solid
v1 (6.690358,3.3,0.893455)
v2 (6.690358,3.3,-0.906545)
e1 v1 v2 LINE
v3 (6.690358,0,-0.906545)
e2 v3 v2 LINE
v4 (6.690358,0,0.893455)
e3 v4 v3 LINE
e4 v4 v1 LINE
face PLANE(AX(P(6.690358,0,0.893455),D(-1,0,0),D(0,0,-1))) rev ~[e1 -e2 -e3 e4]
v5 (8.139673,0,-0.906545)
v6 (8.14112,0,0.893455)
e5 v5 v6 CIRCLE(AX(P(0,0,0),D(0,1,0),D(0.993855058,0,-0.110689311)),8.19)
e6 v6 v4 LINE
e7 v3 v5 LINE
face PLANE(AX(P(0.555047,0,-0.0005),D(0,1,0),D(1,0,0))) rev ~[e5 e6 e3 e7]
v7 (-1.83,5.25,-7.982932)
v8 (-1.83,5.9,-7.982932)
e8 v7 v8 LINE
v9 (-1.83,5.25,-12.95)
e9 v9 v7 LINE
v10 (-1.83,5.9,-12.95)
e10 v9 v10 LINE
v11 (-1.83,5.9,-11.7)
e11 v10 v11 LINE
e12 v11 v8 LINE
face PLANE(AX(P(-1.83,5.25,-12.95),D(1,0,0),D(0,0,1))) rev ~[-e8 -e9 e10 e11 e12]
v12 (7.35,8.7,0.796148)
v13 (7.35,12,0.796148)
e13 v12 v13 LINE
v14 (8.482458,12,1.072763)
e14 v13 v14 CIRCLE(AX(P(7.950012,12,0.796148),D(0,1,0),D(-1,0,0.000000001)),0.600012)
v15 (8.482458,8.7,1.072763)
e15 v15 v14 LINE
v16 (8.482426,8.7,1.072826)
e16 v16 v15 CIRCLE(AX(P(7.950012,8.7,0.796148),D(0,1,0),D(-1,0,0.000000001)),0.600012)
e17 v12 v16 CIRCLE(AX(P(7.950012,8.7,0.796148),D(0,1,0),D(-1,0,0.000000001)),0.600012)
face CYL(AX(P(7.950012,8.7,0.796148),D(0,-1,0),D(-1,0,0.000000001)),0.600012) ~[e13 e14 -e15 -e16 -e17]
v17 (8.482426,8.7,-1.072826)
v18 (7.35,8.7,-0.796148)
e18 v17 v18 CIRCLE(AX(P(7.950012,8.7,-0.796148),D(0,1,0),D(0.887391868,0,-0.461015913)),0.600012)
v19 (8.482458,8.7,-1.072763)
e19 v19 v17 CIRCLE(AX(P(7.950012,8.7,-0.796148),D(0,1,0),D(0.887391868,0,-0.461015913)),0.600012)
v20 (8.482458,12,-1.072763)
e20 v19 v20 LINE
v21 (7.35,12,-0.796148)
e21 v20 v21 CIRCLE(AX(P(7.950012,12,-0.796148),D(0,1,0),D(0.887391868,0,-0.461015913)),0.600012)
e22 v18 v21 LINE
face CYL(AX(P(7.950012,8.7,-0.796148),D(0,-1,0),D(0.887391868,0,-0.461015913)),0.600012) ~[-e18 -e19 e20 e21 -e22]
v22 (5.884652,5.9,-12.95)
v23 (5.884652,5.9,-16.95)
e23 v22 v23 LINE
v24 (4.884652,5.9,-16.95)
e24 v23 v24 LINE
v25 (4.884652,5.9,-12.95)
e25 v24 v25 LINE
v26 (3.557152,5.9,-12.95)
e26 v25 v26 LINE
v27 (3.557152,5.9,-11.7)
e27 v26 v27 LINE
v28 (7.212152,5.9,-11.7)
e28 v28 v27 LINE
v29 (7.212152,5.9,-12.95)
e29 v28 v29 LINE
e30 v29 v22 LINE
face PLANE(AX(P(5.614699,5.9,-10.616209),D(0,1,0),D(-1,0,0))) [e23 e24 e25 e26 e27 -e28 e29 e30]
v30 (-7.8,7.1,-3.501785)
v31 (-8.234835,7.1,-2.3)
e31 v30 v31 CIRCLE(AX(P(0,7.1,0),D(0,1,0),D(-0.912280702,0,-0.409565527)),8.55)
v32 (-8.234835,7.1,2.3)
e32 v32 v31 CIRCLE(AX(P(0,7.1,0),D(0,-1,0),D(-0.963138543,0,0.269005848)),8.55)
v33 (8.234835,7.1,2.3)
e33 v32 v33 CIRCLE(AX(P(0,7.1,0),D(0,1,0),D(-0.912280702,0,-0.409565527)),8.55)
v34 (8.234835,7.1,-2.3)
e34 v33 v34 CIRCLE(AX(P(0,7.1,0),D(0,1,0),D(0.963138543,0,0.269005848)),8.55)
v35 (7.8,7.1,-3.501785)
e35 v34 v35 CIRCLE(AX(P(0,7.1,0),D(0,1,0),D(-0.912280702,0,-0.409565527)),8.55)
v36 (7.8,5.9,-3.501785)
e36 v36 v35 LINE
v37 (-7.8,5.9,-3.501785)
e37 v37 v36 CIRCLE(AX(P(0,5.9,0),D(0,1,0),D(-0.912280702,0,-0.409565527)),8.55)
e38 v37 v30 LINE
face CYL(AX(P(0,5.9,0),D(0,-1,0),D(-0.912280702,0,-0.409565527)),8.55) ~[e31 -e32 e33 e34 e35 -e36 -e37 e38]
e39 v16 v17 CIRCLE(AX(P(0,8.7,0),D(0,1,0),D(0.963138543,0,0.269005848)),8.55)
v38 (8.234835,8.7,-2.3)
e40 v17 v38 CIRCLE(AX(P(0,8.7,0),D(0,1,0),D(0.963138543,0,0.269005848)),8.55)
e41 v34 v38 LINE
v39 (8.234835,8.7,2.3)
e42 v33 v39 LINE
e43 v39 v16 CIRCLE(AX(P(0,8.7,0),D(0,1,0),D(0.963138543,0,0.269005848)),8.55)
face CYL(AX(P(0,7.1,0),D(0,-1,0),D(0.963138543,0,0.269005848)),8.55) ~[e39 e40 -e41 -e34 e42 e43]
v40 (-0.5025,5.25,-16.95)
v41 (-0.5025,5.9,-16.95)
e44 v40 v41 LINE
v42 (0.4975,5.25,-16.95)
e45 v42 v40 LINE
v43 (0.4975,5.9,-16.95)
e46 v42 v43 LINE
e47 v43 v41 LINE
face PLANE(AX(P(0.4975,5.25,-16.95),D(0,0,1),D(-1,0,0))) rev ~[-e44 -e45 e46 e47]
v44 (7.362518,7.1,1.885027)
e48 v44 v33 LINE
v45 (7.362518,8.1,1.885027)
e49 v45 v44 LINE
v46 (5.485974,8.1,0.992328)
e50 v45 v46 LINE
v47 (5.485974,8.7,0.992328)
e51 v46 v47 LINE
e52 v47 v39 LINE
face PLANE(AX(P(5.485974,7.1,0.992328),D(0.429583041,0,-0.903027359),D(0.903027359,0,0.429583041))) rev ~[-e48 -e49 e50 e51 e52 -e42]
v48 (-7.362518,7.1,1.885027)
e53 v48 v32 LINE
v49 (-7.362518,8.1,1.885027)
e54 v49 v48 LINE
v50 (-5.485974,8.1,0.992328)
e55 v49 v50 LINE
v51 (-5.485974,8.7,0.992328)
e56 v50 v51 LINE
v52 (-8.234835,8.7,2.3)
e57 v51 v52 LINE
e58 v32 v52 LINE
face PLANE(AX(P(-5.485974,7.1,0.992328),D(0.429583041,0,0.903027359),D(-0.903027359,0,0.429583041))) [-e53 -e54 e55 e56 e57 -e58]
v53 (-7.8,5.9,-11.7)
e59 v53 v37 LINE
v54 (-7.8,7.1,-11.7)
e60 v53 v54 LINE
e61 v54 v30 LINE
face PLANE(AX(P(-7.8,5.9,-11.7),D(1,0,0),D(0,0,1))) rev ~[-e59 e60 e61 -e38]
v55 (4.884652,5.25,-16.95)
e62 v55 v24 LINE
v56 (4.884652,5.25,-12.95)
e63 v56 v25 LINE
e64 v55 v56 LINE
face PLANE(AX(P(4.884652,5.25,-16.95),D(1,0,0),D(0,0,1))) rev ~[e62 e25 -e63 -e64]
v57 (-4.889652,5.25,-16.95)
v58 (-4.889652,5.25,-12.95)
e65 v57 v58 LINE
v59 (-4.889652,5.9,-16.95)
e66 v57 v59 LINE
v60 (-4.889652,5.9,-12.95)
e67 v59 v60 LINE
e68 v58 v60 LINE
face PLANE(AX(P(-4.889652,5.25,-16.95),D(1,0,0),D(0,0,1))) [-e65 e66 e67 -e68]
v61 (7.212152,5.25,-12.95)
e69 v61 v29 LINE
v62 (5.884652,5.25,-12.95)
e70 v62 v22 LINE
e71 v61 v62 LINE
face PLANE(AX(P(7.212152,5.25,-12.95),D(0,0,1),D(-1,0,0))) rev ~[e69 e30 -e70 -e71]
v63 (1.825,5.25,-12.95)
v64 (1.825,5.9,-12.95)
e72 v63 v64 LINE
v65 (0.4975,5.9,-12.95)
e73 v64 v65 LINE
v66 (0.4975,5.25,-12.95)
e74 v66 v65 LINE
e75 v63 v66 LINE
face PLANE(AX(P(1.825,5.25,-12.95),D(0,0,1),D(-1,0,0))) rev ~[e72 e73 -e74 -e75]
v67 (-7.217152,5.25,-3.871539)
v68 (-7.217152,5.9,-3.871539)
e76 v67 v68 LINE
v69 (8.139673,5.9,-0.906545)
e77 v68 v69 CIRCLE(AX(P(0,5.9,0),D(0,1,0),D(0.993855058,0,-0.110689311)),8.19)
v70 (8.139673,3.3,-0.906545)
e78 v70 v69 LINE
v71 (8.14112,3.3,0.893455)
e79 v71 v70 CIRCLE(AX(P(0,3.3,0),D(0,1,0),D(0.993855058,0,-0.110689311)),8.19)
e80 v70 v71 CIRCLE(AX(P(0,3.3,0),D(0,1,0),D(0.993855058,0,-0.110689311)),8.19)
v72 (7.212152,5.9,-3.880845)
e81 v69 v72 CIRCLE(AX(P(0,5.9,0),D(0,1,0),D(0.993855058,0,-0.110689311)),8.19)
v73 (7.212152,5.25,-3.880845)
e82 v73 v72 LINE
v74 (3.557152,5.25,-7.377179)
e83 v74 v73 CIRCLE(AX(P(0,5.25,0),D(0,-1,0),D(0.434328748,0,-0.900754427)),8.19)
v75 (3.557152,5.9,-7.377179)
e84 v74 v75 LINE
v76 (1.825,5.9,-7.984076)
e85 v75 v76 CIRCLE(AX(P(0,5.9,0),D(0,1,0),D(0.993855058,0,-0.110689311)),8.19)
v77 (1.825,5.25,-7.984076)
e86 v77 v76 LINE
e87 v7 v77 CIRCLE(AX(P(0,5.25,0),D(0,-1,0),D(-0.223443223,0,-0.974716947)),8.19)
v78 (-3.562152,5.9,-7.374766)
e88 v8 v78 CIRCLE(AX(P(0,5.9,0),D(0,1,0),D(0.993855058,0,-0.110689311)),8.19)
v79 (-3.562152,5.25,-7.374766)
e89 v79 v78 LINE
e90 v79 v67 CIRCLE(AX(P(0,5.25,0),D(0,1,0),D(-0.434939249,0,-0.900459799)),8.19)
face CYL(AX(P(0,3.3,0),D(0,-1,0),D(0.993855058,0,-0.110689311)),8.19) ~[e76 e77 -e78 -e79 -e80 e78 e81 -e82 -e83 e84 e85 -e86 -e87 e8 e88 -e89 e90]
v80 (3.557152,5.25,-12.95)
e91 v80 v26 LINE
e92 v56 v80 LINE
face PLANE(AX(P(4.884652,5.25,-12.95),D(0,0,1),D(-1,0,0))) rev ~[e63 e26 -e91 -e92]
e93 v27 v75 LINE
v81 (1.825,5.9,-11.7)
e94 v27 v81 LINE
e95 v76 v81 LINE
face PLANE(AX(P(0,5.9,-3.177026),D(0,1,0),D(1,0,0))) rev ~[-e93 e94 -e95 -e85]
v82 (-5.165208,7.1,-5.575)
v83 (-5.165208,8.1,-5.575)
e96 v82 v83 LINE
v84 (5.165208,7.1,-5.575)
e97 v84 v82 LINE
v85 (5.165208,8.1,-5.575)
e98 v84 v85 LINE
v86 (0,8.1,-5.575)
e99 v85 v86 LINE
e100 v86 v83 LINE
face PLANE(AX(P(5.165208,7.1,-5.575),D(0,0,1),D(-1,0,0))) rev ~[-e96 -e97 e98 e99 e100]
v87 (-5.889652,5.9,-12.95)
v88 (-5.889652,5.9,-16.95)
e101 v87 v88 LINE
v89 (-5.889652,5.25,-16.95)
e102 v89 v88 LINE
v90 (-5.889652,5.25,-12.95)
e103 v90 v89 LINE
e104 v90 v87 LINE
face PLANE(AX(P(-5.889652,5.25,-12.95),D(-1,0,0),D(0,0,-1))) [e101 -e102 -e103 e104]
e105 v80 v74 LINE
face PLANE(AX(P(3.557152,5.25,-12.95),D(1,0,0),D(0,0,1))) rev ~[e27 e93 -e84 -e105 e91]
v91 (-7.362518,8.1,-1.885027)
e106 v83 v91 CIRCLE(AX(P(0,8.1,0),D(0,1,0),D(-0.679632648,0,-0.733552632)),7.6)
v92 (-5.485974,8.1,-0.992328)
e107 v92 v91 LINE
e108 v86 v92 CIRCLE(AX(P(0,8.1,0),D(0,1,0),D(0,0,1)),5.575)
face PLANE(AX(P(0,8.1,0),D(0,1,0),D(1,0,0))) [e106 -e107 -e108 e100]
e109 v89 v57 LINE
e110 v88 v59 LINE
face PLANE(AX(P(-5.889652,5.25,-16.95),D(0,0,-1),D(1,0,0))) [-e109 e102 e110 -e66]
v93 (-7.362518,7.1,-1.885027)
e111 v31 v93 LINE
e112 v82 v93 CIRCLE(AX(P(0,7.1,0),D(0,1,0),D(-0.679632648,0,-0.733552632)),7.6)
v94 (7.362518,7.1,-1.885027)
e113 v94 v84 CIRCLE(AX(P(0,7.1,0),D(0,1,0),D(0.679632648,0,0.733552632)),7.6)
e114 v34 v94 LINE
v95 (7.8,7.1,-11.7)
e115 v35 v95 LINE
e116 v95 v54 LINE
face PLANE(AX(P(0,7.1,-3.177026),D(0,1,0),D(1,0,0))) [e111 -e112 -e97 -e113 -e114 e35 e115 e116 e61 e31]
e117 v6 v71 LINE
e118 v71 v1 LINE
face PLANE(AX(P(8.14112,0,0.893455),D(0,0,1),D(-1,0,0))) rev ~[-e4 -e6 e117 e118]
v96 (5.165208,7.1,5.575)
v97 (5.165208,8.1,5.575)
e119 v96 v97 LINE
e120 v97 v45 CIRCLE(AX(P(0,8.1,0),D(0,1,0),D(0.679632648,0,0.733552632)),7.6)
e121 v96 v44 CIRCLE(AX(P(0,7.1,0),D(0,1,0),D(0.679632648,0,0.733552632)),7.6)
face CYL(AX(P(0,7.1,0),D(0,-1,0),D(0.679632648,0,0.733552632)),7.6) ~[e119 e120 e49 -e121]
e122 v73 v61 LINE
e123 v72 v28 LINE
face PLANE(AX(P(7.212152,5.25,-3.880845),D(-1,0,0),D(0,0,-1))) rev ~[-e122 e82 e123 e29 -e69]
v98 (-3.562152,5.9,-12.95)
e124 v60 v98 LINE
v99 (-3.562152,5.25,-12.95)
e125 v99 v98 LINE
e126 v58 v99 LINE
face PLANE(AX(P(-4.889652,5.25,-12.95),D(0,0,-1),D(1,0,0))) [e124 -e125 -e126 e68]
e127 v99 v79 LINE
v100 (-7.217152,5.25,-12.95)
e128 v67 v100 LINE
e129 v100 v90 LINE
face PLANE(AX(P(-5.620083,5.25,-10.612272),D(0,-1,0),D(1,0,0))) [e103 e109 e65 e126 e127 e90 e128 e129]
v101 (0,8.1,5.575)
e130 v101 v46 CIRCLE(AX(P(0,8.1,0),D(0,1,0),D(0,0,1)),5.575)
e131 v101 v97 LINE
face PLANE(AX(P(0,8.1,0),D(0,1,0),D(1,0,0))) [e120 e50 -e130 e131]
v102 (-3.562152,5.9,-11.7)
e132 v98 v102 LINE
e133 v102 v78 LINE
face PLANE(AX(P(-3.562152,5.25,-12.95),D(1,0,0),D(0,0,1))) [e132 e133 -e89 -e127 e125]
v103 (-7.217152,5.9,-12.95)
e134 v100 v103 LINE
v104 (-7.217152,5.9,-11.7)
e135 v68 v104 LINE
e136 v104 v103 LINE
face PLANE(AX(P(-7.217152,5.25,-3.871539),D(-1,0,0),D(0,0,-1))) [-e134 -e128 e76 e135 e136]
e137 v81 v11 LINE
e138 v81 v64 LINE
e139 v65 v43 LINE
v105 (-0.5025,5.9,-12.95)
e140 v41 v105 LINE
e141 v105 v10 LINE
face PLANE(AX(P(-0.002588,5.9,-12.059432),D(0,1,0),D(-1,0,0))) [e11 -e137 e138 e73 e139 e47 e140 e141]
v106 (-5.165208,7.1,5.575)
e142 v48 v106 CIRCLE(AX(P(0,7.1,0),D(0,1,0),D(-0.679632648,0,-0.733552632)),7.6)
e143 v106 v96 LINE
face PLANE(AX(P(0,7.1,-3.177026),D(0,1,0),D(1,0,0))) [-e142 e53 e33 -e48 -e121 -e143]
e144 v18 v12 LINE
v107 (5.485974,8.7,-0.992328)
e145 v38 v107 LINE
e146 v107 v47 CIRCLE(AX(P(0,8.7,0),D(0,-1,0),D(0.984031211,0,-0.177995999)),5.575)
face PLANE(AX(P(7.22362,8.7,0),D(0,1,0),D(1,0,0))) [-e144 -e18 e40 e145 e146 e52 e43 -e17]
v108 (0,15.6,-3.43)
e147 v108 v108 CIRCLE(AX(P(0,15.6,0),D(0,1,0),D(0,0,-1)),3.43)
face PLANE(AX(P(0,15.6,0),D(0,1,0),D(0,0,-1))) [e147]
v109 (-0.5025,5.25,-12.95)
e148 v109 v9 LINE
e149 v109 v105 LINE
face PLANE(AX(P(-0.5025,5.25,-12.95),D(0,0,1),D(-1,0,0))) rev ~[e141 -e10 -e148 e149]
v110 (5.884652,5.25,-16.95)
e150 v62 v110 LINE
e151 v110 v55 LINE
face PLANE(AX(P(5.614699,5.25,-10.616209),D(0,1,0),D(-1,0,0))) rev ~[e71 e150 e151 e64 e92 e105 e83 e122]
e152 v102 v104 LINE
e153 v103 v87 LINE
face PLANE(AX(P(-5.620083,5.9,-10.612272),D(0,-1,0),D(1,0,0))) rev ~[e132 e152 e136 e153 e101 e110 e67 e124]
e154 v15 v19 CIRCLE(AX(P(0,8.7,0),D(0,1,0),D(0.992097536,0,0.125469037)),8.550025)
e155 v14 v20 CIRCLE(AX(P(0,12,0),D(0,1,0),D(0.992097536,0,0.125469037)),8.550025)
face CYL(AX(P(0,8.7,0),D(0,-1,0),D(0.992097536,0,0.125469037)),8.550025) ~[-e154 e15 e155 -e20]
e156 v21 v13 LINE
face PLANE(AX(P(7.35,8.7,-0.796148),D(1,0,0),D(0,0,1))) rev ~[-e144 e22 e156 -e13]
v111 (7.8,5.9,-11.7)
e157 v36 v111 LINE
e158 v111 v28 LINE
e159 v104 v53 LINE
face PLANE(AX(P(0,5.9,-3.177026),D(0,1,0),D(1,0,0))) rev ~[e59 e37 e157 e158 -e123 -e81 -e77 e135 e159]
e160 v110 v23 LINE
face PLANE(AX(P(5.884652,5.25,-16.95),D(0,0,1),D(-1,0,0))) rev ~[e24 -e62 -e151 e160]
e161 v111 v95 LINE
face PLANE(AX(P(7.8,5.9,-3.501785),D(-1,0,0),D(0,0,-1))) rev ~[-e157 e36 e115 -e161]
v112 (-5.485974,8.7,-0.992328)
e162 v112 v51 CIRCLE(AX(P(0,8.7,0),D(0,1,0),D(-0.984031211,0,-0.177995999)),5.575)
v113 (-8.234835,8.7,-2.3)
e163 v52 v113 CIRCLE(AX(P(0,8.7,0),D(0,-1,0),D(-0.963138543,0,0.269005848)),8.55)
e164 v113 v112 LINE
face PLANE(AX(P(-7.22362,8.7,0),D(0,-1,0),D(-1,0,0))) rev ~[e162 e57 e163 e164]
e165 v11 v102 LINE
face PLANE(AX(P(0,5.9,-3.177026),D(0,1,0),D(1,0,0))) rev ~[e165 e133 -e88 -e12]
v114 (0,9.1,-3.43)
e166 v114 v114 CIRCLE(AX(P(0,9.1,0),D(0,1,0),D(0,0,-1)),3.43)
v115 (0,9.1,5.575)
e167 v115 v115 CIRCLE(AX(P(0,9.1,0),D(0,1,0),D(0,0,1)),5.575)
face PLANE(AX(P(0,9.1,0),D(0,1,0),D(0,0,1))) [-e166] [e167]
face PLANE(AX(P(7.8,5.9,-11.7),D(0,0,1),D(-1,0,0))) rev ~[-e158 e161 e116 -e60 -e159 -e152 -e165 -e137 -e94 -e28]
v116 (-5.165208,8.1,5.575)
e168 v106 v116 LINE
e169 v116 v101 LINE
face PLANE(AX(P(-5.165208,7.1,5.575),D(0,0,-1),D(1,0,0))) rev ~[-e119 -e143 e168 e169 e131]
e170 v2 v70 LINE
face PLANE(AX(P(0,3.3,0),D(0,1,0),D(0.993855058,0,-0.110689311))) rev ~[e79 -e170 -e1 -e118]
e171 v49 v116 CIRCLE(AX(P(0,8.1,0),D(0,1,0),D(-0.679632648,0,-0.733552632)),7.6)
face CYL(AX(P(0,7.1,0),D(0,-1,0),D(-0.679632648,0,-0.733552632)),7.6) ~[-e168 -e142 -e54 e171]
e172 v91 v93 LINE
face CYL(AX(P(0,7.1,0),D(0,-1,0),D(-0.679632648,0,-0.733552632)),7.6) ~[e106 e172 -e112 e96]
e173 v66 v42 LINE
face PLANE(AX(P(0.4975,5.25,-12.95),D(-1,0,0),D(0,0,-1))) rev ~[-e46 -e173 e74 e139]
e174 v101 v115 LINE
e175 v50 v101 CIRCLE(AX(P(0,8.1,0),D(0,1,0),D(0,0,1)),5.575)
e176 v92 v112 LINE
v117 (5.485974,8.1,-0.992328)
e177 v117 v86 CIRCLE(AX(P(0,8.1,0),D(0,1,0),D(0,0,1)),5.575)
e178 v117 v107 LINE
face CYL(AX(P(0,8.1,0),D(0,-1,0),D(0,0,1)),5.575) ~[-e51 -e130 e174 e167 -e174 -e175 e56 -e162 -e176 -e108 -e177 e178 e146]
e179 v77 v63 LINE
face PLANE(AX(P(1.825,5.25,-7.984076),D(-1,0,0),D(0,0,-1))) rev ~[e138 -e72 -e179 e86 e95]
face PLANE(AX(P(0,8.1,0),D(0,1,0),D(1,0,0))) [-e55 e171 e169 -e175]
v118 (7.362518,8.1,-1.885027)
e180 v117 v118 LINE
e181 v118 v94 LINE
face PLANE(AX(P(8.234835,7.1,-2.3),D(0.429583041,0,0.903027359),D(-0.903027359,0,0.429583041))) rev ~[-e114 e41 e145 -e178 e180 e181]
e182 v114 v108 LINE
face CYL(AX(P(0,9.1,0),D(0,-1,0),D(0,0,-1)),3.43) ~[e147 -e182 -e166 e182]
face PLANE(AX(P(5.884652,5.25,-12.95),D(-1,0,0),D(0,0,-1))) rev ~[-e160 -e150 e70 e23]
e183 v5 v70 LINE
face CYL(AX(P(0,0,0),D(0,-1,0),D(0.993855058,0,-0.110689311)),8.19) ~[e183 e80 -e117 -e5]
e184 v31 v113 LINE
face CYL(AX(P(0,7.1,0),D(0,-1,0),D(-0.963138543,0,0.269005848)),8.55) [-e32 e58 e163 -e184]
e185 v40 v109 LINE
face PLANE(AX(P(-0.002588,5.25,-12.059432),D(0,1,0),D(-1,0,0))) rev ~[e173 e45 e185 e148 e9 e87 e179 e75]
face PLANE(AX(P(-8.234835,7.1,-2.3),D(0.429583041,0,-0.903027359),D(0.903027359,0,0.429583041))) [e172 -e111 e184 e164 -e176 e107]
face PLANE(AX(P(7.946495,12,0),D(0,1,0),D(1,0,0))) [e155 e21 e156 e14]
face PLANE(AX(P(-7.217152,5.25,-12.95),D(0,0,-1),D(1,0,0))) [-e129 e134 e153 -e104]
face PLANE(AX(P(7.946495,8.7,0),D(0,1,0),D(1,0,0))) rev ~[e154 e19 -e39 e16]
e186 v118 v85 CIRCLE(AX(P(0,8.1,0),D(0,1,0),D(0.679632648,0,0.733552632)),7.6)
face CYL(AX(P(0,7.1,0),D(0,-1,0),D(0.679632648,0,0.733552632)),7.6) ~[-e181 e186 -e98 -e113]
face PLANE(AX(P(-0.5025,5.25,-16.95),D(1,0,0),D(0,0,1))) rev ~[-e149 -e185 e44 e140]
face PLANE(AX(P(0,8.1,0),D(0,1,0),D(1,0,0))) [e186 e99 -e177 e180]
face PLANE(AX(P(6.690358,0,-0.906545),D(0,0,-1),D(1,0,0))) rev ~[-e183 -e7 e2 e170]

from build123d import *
from build123d.topology import SkipClean

# Parameters (mm, degrees)
BOSS_EXTRUDE1_DEPTH = 3.3
SKETCH2_R           = 8.19
BOSS_EXTRUDE2_DEPTH = 2.6
BOSS_EXTRUDE3_DEPTH = 1.2
BOSS_EXTRUDE4_DEPTH = 1
SKETCH7_R           = 5.575
BOSS_EXTRUDE5_DEPTH = 1
BOSS_EXTRUDE6_DEPTH = 1.6
BOSS_EXTRUDE7_DEPTH = 3.3
SKETCH9_R           = 3.43
BOSS_EXTRUDE8_DEPTH = 6.5
BOSS_EXTRUDE9_START = 0.65
BOSS_EXTRUDE9_DEPTH = 0.65


with BuildPart() as part:
    # Sketch1 → Boss-Extrude1 (new body)
    with BuildSketch(Plane(origin=(0, 0, 0), x_dir=(1, 0, 0), z_dir=(0, 1, 0))):
        with BuildLine():
            Line((8.141120253, -0.893454545), (6.690358093, -0.893454545))
            Line((6.690358093, -0.893454545), (6.690358093, 0.906545455))
            Line((6.690358093, 0.906545455), (8.139672926, 0.906545455))
            ThreePointArc((8.139672926, 0.906545455), (-8.189997352, -0.006585337), (8.141120253, -0.893454545))
        make_face()
    extrude(amount=BOSS_EXTRUDE1_DEPTH)

    # Sketch2 → Boss-Extrude2 (add)
    with BuildSketch(Plane(origin=(0, 3.3, 0), x_dir=(1, 0, 0), z_dir=(0, 1, 0))):
        with Locations(Location((0, 0, 0), (0, 0, 6.355052824))):
            Circle(SKETCH2_R)
    extrude(amount=BOSS_EXTRUDE2_DEPTH)

    # Sketch3 → Boss-Extrude3 (add)
    with BuildSketch(Plane(origin=(0, 5.9, 0), x_dir=(1, 0, 0), z_dir=(0, 1, 0))):
        with BuildLine():
            Line((7.8, 11.7), (-7.8, 11.7))
            Line((-7.8, 11.7), (-7.8, 3.501785259))
            ThreePointArc((-7.8, 3.501785259), (0, -8.55), (7.8, 3.501785259))
            Line((7.8, 3.501785259), (7.8, 11.7))
        make_face()
    extrude(amount=BOSS_EXTRUDE3_DEPTH)

    # Sketch4 → Boss-Extrude4 (add)
    with BuildSketch(Plane(origin=(0, 7.1, 0), x_dir=(1, 0, 0), z_dir=(0, 1, 0))):
        with BuildLine():
            Line((5.165208127, 5.575), (-5.165208127, 5.575))
            ThreePointArc((-5.165208127, 5.575), (-7.6, 0), (-5.165208127, -5.575))
            Line((-5.165208127, -5.575), (5.165208127, -5.575))
            ThreePointArc((5.165208127, -5.575), (7.6, 0), (5.165208127, 5.575))
        make_face()
    extrude(amount=BOSS_EXTRUDE4_DEPTH)

    # Sketch7 → Boss-Extrude5 (add)
    with BuildSketch(Plane(origin=(0, 8.1, 0), x_dir=(1, 0, 0), z_dir=(0, 1, 0))):
        with Locations(Location((0, 0, 0), (0, 0, 270))):
            Circle(SKETCH7_R)
    extrude(amount=BOSS_EXTRUDE5_DEPTH)

    # Sketch6 → Boss-Extrude6 (add)
    with SkipClean():  # the faces are left unmerged after this step: merging them gives an invalid solid
        with BuildSketch(Plane(origin=(0, 7.1, 0), x_dir=(1, 0, 0), z_dir=(0, 1, 0))):
            with BuildLine():
                Line((8.234834546, 2.3), (5.485974002, 0.992327692))
                ThreePointArc((5.485974002, 0.992327692), (5.575, 0), (5.485974002, -0.992327692))
                Line((5.485974002, -0.992327692), (8.234834546, -2.3))
                ThreePointArc((8.234834546, -2.3), (8.55, 0), (8.234834546, 2.3))
            make_face()
            with BuildLine():
                Line((-5.485974002, -0.992327692), (-8.234834546, -2.3))
                ThreePointArc((-8.234834546, -2.3), (-8.55, 0), (-8.234834546, 2.3))
                Line((-8.234834546, 2.3), (-5.485974002, 0.992327692))
                ThreePointArc((-5.485974002, 0.992327692), (-5.575, 0), (-5.485974002, -0.992327692))
            make_face()
        extrude(amount=BOSS_EXTRUDE6_DEPTH)

    # Sketch8 → Boss-Extrude7 (add)
    with SkipClean():  # the faces are left unmerged after this step: merging them gives an invalid solid
        with BuildSketch(Plane(origin=(0, 8.7, 0), x_dir=(1, 0, 0), z_dir=(0, 1, 0))):
            with BuildLine():
                Line((7.35, 0.79614814), (7.35, -0.79614814))
                ThreePointArc((7.35, -0.79614814), (7.807638503, -1.379024154), (8.482458308, -1.072763351))
                ThreePointArc((8.482458308, -1.072763351), (8.55002457, 0), (8.482458308, 1.072763351))
                ThreePointArc((8.482458308, 1.072763351), (7.807638503, 1.379024154), (7.35, 0.79614814))
            make_face()
        extrude(amount=BOSS_EXTRUDE7_DEPTH)

    # Sketch9 → Boss-Extrude8 (add)
    with SkipClean():  # the faces are left unmerged after this step: merging them gives an invalid solid
        with BuildSketch(Plane(origin=(0, 9.1, 0), x_dir=(1, 0, 0), z_dir=(0, 1, 0))):
            with Locations(Location((0, 0, 0), (0, 0, 90))):
                Circle(SKETCH9_R)
        extrude(amount=BOSS_EXTRUDE8_DEPTH)

    # Sketch13 → Boss-Extrude9 (add)
    with SkipClean():  # the faces are left unmerged after this step: merging them gives an invalid solid
        with BuildSketch(Plane.XZ.offset(-5.9).offset(BOSS_EXTRUDE9_START)):
            with BuildLine():
                Line((1.825, -7.98407634), (1.825, -12.95))
                Line((1.825, -12.95), (0.4975, -12.95))
                Line((0.4975, -12.95), (0.4975, -16.95))
                Line((0.4975, -16.95), (-0.5025, -16.95))
                Line((-0.5025, -16.95), (-0.5025, -12.95))
                Line((-0.5025, -12.95), (-1.83, -12.95))
                Line((-1.83, -12.95), (-1.83, -7.982931792))
                ThreePointArc((-1.83, -7.982931792), (-0.002564663, -8.189999598), (1.825, -7.98407634))
            make_face()
            with BuildLine():
                Line((4.884652449, -16.95), (4.884652449, -12.95))
                Line((4.884652449, -12.95), (3.557152449, -12.95))
                Line((3.557152449, -12.95), (3.557152449, -7.37717876))
                ThreePointArc((3.557152449, -7.37717876), (5.661322251, -5.9182371), (7.212152449, -3.880844889))
                Line((7.212152449, -3.880844889), (7.212152449, -12.95))
                Line((7.212152449, -12.95), (5.884652449, -12.95))
                Line((5.884652449, -12.95), (5.884652449, -16.95))
                Line((5.884652449, -16.95), (4.884652449, -16.95))
            make_face()
            with BuildLine():
                Line((-5.889652449, -16.95), (-4.889652449, -16.95))
                Line((-4.889652449, -16.95), (-4.889652449, -12.95))
                Line((-4.889652449, -12.95), (-3.562152449, -12.95))
                Line((-3.562152449, -12.95), (-3.562152449, -7.374765754))
                ThreePointArc((-3.562152449, -7.374765754), (-5.667142471, -5.912664054), (-7.217152449, -3.871538522))
                Line((-7.217152449, -3.871538522), (-7.217152449, -12.95))
                Line((-7.217152449, -12.95), (-5.889652449, -12.95))
                Line((-5.889652449, -12.95), (-5.889652449, -16.95))
            make_face()
        extrude(amount=-BOSS_EXTRUDE9_DEPTH)


solid = part.part
